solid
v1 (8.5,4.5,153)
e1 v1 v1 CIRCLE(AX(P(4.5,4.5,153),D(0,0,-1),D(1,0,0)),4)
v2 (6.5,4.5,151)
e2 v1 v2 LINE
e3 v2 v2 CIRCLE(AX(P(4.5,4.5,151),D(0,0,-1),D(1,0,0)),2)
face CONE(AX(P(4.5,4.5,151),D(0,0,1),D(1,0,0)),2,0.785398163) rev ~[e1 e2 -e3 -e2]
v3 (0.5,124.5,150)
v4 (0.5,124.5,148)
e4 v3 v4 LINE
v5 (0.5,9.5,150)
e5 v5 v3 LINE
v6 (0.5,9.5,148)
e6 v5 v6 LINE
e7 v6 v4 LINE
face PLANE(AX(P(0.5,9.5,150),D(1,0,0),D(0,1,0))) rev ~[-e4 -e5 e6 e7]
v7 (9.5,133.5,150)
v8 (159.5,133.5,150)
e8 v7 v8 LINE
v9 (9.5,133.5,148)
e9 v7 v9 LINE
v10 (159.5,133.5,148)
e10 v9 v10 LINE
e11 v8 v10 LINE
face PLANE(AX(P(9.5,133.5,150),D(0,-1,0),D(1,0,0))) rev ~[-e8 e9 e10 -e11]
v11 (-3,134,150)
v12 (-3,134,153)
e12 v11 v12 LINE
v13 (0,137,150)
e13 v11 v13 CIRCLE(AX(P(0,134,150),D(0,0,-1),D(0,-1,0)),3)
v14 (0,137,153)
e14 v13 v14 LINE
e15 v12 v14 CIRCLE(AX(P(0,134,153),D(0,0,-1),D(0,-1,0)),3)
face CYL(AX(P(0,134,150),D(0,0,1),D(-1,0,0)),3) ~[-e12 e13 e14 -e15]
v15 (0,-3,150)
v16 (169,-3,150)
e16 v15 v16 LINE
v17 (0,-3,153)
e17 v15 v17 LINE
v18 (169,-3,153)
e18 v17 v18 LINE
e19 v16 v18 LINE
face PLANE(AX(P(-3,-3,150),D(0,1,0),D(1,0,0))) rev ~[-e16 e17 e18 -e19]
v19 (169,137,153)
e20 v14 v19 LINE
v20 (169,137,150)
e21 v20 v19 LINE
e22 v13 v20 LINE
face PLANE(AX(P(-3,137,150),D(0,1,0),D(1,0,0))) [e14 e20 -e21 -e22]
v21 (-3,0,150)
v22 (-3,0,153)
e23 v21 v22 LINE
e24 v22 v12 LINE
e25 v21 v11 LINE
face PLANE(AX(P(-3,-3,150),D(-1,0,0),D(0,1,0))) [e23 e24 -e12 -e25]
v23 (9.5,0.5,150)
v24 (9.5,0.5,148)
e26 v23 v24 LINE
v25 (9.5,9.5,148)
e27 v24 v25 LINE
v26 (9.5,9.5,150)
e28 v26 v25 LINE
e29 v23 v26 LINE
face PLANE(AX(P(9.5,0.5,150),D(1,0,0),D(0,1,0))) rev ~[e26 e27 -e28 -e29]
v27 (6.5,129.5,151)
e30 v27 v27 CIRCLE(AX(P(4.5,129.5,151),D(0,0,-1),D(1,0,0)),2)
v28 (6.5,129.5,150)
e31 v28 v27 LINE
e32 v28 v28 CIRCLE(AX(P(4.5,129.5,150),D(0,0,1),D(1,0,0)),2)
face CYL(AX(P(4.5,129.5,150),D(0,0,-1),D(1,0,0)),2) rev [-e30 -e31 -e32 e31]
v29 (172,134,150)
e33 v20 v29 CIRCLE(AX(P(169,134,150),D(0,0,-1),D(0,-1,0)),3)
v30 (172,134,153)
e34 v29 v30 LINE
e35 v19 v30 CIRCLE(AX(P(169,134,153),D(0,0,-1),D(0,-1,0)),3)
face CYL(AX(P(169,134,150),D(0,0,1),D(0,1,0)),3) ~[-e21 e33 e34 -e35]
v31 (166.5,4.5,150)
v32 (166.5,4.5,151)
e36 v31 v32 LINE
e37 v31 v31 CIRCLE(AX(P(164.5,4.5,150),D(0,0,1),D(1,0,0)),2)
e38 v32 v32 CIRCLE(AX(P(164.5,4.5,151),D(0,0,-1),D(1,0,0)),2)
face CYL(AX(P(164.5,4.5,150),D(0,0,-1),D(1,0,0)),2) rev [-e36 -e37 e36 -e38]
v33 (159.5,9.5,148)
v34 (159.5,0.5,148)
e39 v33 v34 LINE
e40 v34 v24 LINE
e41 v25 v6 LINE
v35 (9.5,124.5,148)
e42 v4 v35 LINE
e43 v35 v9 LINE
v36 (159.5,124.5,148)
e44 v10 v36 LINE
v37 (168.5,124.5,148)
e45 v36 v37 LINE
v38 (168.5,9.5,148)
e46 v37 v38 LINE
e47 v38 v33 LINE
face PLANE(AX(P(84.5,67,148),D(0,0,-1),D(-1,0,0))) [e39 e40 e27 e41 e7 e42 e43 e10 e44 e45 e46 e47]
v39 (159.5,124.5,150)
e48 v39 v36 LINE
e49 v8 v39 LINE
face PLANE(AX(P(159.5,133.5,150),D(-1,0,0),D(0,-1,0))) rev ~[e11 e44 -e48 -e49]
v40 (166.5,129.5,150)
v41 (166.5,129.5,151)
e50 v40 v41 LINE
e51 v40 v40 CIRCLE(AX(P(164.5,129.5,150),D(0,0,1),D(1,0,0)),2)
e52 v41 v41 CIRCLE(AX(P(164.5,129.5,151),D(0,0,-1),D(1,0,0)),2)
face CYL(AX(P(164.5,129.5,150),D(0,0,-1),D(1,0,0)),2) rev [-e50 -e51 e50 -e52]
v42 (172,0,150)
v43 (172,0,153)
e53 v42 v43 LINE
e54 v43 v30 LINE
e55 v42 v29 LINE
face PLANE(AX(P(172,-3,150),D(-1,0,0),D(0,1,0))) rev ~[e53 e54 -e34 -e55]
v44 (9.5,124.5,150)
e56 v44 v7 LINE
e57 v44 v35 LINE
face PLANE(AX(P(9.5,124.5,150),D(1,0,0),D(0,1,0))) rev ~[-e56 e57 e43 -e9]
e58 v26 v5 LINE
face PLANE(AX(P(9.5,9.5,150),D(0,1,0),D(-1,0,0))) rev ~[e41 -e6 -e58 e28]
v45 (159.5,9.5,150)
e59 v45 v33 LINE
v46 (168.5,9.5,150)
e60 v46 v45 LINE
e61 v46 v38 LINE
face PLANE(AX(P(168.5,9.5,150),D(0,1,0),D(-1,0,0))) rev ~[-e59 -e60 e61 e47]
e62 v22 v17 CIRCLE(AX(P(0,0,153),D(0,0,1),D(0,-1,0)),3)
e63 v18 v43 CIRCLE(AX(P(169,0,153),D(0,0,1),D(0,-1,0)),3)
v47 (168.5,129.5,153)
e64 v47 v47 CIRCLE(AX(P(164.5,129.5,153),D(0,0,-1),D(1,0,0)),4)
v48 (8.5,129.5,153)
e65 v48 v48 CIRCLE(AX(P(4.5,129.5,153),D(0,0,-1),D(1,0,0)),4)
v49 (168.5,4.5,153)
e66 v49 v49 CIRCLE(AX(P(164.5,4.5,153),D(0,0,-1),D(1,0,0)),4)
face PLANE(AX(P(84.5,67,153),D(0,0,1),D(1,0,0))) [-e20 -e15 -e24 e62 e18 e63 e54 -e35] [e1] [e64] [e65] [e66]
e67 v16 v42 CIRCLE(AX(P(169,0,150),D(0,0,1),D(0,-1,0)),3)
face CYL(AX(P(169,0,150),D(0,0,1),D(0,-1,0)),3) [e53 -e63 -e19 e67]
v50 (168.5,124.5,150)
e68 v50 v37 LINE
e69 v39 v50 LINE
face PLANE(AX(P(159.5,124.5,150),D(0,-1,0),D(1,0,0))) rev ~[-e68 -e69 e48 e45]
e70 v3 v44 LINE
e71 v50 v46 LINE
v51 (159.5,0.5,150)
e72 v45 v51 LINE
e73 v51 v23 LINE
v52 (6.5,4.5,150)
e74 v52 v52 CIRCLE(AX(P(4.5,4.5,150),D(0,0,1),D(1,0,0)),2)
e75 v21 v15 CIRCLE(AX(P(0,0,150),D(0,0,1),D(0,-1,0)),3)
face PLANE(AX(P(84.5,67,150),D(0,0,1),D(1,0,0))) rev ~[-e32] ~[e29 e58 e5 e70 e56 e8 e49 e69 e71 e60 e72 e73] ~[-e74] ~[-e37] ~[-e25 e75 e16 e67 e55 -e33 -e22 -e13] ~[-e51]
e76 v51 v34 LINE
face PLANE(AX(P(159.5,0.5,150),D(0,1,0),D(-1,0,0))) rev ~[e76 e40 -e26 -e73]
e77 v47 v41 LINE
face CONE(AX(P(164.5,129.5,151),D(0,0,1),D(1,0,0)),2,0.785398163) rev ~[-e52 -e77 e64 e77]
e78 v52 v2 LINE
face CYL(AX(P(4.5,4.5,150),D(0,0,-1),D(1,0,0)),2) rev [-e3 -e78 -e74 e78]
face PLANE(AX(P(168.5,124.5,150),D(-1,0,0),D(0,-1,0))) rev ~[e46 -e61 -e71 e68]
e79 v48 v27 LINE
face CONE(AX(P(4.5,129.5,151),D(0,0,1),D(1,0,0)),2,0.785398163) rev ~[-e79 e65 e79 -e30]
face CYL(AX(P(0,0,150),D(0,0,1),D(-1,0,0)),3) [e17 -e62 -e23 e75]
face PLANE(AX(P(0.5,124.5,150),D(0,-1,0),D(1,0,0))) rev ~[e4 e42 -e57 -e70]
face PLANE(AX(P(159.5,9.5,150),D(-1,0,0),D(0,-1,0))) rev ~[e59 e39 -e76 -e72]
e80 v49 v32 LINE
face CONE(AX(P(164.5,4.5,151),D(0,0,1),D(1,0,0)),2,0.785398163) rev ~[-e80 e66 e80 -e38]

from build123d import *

# Parameters (mm, degrees)
SKETCH008_W     = 175
SKETCH008_H     = 140
PAD002_DEPTH    = 3
PAD003_DEPTH    = 2
SKETCH010_R     = 2
POCKET006_DEPTH = 3.001
CHAMFER001_SIZE = 2
FILLET001_R     = 3


with BuildPart() as part:
    # Sketch008 → Pad002 (new body)
    with BuildSketch(Plane.XY):
        with Locations((84.5, 67)):
            Rectangle(SKETCH008_W, SKETCH008_H)
    extrude(amount=PAD002_DEPTH)

    # Sketch009 → Pad003 (join)
    with BuildSketch(Plane.XY):
        Polygon((0.5, 9.5), (0.5, 124.5), (9.5, 124.5), (9.5, 133.5), (159.5, 133.5), (159.5, 124.5), (168.5, 124.5), (168.5, 9.5), (159.5, 9.5), (159.5, 0.5), (9.5, 0.5), (9.5, 9.5), align=None)
    extrude(amount=-PAD003_DEPTH)

    # Sketch010 → Pocket006 (cut, through all)
    with BuildSketch(Plane.XY):
        with Locations((4.5, 4.5)):
            Circle(SKETCH010_R)
        with Locations((164.5, 129.5)):
            Circle(SKETCH010_R)
        with Locations((164.5, 4.5)):
            Circle(SKETCH010_R)
        with Locations((4.5, 129.5)):
            Circle(SKETCH010_R)
    extrude(amount=POCKET006_DEPTH, mode=Mode.SUBTRACT)

    # Chamfer001
    chamfer001_edges = [part.edges().sort_by_distance(p)[0] for p in [
        (2.5, 129.5, 3),
        (162.5, 129.5, 3),
        (162.5, 4.5, 3),
        (2.5, 4.5, 3),
    ]]
    chamfer(chamfer001_edges, length=CHAMFER001_SIZE)

    # Fillet001
    fillet001_edges = [part.edges().sort_by_distance(p)[0] for p in [
        (172, -3, 1.5),
        (172, 137, 1.5),
        (-3, -3, 1.5),
        (-3, 137, 1.5),
    ]]
    fillet(fillet001_edges, radius=FILLET001_R)


with BuildPart() as part_1:
    # Body placement: moved
    add(part.part.moved(Location((0, 0, 150))))


solid = part_1.part
